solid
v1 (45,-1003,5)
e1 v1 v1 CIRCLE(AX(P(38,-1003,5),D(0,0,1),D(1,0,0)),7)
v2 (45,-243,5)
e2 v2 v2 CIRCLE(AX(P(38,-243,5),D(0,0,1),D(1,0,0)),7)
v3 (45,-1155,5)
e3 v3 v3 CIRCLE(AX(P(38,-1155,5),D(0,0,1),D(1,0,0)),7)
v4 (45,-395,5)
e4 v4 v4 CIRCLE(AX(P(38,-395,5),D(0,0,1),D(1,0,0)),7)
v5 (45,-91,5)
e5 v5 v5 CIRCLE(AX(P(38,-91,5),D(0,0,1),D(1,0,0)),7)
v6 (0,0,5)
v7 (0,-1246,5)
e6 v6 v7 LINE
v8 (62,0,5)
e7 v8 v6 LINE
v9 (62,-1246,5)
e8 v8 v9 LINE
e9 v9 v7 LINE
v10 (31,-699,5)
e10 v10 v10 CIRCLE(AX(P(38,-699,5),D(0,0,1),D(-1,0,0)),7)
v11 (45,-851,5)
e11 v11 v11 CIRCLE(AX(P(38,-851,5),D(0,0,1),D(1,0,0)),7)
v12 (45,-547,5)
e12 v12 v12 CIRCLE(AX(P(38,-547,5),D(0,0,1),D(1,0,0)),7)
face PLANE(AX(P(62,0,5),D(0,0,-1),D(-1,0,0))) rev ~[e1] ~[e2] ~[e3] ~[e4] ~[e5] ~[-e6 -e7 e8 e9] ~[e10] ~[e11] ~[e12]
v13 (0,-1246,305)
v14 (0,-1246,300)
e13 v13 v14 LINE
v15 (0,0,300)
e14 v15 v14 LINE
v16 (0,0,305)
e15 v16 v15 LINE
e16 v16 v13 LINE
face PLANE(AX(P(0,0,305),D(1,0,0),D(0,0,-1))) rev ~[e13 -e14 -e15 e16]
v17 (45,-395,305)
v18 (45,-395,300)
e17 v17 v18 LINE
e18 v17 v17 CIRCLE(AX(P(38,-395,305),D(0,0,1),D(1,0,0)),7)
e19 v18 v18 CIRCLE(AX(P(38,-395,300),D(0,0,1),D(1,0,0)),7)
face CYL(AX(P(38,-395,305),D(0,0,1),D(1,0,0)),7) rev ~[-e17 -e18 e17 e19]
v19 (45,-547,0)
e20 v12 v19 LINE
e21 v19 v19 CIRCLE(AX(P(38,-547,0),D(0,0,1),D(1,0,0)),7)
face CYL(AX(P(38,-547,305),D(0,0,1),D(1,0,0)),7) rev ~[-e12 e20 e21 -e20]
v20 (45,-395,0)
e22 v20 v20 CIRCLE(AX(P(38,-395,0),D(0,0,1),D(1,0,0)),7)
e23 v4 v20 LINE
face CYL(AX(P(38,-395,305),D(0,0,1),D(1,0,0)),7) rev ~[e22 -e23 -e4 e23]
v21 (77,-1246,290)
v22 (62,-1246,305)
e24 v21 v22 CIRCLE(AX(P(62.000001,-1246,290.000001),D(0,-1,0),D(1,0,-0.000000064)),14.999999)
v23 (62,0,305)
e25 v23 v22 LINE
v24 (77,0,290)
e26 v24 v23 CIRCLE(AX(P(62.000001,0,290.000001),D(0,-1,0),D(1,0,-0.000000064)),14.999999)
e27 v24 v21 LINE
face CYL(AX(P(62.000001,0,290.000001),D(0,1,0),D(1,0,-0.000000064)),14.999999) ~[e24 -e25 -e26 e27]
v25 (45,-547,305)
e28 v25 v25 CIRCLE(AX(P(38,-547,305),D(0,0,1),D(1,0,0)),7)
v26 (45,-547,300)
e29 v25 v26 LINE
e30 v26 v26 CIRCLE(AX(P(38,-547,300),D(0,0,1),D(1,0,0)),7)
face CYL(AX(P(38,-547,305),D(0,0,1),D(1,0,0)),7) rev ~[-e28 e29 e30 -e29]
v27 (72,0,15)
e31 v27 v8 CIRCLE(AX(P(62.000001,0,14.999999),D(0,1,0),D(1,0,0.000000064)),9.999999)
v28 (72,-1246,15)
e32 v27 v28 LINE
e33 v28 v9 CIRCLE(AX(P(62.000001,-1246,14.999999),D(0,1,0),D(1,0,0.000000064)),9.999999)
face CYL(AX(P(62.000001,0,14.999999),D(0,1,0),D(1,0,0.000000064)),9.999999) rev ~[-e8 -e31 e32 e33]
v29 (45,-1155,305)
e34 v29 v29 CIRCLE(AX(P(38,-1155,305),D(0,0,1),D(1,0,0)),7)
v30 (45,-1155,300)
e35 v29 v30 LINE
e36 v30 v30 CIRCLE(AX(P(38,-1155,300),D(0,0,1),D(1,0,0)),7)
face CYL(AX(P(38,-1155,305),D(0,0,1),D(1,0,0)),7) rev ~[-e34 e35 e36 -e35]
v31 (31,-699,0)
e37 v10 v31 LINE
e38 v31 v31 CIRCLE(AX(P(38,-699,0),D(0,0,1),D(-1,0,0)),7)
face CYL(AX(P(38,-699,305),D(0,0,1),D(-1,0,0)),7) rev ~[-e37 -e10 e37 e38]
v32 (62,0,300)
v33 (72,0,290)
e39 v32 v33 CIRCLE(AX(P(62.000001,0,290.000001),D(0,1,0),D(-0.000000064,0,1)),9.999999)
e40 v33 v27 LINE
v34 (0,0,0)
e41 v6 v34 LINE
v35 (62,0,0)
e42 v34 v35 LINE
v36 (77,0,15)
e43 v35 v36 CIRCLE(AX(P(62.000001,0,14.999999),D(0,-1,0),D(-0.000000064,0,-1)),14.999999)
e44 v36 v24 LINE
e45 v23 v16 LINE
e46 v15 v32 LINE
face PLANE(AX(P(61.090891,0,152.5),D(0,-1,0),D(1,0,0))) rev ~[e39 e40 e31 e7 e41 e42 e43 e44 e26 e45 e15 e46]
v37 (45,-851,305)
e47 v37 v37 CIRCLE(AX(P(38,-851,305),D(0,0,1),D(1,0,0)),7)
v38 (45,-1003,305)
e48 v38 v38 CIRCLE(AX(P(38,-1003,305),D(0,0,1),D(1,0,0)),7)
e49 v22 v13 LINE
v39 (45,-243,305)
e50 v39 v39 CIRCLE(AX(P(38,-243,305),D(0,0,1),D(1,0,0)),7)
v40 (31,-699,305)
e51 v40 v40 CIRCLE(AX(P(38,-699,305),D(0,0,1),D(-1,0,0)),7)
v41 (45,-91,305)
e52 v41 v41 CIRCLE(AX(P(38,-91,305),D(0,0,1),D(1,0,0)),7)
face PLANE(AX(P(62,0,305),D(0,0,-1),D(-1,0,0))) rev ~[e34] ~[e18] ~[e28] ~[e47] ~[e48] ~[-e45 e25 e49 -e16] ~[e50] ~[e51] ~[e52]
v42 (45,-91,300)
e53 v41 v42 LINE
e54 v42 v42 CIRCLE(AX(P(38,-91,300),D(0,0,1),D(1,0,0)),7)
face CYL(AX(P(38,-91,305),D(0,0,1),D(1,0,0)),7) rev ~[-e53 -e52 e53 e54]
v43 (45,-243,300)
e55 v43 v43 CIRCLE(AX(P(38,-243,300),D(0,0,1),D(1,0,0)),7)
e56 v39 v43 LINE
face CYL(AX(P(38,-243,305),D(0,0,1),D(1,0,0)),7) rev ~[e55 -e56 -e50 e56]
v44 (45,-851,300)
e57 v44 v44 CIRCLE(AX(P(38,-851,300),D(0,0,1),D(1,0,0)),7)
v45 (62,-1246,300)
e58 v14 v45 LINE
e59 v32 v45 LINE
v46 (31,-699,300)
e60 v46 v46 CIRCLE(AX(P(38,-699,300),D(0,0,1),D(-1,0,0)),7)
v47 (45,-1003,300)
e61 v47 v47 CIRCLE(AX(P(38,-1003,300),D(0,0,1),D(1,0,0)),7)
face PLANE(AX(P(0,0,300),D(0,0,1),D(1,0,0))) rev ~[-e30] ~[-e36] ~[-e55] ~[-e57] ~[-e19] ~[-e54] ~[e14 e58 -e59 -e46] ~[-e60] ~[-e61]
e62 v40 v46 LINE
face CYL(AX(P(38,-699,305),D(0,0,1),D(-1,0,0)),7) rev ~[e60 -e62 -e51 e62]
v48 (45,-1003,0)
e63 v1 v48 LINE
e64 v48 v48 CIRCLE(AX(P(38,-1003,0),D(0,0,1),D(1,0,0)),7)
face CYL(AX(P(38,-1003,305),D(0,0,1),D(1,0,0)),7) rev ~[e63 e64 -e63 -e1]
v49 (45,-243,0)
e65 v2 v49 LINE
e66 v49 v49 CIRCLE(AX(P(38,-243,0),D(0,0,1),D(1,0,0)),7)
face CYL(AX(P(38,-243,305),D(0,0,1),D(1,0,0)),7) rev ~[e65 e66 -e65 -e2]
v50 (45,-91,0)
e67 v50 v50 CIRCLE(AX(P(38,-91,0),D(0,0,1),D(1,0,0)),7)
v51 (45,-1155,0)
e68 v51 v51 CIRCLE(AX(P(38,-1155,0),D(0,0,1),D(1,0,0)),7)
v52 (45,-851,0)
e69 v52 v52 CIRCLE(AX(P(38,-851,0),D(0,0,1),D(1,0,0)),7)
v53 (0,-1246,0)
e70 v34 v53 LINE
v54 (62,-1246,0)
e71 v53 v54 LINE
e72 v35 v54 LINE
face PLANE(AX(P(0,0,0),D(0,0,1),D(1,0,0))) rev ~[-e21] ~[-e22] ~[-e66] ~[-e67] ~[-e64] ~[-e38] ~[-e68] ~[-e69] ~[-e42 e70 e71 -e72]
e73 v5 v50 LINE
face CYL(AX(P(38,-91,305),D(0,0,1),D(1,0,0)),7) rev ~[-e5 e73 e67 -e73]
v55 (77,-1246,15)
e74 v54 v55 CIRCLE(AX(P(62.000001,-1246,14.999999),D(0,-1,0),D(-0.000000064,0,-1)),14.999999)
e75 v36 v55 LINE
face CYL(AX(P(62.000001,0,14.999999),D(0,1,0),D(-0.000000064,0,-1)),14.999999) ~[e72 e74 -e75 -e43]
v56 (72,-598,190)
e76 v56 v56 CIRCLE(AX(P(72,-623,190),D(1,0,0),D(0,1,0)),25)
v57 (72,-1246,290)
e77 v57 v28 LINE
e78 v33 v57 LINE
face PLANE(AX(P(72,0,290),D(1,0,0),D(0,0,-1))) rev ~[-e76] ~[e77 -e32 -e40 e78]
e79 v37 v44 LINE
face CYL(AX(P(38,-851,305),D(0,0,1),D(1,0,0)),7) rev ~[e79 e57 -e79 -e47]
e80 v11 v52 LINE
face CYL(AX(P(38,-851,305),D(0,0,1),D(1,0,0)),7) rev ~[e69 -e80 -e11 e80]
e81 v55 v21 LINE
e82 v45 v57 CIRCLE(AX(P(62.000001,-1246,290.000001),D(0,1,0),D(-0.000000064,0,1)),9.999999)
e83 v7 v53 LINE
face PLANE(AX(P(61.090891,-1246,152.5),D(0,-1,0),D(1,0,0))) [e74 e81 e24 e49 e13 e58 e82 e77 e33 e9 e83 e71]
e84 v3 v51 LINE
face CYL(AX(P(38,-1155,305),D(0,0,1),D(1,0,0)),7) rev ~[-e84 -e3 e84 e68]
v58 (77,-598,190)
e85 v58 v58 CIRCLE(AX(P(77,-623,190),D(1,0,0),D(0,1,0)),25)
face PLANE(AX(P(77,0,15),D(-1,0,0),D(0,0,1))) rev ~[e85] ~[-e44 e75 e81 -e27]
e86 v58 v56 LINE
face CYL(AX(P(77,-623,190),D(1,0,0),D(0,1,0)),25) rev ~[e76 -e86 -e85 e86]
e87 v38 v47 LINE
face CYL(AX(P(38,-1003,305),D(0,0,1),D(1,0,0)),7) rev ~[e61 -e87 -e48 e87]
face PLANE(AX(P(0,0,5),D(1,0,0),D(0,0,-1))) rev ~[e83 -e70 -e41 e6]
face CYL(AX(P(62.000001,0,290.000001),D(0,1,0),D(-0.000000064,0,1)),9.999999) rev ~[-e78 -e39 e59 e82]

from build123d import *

# Parameters (mm, degrees)
F1_DEPTH = 1246
F2_R     = 25
F3_DEPTH = 5
F4_R     = 7
F5_DEPTH = 305.001


with BuildPart() as f1:
    # F0 (on Front) → F1 (new body)
    with BuildSketch(Plane.XZ):
        with BuildLine():
            Line((0, 5), (0, 0))
            Line((0, 0), (62, 0))
            ThreePointArc((62, 0), (72.606602, 4.393398), (77, 15))
            Line((77, 15), (77, 290))
            ThreePointArc((77, 290), (72.606602, 300.606602), (62, 305))
            Line((62, 305), (0, 305))
            Line((0, 305), (0, 300))
            Line((0, 300), (62, 300))
            ThreePointArc((62, 300), (69.071068, 297.071068), (72, 290))
            Line((72, 290), (72, 15))
            ThreePointArc((72, 15), (69.071068, 7.928932), (62, 5))
            Line((62, 5), (0, 5))
        make_face()
    extrude(amount=F1_DEPTH)

    # F2 (on face) → F3 (cut, through all)
    with BuildSketch(Plane.YZ.offset(77)):
        with Locations((-623, 190)):
            Circle(F2_R)
    extrude(amount=-F3_DEPTH, mode=Mode.SUBTRACT)

    # F4 (on face) → F5 (cut, through all)
    with BuildSketch(Plane.XY.offset(305)):
        with Locations((38, -1155)):
            Circle(F4_R)
        with Locations((38, -1003)):
            Circle(F4_R)
        with Locations((38, -851)):
            Circle(F4_R)
        with BuildLine():
            ThreePointArc((45, -699), (38, -692), (31, -699))
            ThreePointArc((31, -699), (38, -706), (45, -699))
        make_face()
        with Locations((38, -547)):
            Circle(F4_R)
        with Locations((38, -395)):
            Circle(F4_R)
        with Locations((38, -243)):
            Circle(F4_R)
        with Locations((38, -91)):
            Circle(F4_R)
    extrude(amount=-F5_DEPTH, mode=Mode.SUBTRACT)


solid = f1.part
